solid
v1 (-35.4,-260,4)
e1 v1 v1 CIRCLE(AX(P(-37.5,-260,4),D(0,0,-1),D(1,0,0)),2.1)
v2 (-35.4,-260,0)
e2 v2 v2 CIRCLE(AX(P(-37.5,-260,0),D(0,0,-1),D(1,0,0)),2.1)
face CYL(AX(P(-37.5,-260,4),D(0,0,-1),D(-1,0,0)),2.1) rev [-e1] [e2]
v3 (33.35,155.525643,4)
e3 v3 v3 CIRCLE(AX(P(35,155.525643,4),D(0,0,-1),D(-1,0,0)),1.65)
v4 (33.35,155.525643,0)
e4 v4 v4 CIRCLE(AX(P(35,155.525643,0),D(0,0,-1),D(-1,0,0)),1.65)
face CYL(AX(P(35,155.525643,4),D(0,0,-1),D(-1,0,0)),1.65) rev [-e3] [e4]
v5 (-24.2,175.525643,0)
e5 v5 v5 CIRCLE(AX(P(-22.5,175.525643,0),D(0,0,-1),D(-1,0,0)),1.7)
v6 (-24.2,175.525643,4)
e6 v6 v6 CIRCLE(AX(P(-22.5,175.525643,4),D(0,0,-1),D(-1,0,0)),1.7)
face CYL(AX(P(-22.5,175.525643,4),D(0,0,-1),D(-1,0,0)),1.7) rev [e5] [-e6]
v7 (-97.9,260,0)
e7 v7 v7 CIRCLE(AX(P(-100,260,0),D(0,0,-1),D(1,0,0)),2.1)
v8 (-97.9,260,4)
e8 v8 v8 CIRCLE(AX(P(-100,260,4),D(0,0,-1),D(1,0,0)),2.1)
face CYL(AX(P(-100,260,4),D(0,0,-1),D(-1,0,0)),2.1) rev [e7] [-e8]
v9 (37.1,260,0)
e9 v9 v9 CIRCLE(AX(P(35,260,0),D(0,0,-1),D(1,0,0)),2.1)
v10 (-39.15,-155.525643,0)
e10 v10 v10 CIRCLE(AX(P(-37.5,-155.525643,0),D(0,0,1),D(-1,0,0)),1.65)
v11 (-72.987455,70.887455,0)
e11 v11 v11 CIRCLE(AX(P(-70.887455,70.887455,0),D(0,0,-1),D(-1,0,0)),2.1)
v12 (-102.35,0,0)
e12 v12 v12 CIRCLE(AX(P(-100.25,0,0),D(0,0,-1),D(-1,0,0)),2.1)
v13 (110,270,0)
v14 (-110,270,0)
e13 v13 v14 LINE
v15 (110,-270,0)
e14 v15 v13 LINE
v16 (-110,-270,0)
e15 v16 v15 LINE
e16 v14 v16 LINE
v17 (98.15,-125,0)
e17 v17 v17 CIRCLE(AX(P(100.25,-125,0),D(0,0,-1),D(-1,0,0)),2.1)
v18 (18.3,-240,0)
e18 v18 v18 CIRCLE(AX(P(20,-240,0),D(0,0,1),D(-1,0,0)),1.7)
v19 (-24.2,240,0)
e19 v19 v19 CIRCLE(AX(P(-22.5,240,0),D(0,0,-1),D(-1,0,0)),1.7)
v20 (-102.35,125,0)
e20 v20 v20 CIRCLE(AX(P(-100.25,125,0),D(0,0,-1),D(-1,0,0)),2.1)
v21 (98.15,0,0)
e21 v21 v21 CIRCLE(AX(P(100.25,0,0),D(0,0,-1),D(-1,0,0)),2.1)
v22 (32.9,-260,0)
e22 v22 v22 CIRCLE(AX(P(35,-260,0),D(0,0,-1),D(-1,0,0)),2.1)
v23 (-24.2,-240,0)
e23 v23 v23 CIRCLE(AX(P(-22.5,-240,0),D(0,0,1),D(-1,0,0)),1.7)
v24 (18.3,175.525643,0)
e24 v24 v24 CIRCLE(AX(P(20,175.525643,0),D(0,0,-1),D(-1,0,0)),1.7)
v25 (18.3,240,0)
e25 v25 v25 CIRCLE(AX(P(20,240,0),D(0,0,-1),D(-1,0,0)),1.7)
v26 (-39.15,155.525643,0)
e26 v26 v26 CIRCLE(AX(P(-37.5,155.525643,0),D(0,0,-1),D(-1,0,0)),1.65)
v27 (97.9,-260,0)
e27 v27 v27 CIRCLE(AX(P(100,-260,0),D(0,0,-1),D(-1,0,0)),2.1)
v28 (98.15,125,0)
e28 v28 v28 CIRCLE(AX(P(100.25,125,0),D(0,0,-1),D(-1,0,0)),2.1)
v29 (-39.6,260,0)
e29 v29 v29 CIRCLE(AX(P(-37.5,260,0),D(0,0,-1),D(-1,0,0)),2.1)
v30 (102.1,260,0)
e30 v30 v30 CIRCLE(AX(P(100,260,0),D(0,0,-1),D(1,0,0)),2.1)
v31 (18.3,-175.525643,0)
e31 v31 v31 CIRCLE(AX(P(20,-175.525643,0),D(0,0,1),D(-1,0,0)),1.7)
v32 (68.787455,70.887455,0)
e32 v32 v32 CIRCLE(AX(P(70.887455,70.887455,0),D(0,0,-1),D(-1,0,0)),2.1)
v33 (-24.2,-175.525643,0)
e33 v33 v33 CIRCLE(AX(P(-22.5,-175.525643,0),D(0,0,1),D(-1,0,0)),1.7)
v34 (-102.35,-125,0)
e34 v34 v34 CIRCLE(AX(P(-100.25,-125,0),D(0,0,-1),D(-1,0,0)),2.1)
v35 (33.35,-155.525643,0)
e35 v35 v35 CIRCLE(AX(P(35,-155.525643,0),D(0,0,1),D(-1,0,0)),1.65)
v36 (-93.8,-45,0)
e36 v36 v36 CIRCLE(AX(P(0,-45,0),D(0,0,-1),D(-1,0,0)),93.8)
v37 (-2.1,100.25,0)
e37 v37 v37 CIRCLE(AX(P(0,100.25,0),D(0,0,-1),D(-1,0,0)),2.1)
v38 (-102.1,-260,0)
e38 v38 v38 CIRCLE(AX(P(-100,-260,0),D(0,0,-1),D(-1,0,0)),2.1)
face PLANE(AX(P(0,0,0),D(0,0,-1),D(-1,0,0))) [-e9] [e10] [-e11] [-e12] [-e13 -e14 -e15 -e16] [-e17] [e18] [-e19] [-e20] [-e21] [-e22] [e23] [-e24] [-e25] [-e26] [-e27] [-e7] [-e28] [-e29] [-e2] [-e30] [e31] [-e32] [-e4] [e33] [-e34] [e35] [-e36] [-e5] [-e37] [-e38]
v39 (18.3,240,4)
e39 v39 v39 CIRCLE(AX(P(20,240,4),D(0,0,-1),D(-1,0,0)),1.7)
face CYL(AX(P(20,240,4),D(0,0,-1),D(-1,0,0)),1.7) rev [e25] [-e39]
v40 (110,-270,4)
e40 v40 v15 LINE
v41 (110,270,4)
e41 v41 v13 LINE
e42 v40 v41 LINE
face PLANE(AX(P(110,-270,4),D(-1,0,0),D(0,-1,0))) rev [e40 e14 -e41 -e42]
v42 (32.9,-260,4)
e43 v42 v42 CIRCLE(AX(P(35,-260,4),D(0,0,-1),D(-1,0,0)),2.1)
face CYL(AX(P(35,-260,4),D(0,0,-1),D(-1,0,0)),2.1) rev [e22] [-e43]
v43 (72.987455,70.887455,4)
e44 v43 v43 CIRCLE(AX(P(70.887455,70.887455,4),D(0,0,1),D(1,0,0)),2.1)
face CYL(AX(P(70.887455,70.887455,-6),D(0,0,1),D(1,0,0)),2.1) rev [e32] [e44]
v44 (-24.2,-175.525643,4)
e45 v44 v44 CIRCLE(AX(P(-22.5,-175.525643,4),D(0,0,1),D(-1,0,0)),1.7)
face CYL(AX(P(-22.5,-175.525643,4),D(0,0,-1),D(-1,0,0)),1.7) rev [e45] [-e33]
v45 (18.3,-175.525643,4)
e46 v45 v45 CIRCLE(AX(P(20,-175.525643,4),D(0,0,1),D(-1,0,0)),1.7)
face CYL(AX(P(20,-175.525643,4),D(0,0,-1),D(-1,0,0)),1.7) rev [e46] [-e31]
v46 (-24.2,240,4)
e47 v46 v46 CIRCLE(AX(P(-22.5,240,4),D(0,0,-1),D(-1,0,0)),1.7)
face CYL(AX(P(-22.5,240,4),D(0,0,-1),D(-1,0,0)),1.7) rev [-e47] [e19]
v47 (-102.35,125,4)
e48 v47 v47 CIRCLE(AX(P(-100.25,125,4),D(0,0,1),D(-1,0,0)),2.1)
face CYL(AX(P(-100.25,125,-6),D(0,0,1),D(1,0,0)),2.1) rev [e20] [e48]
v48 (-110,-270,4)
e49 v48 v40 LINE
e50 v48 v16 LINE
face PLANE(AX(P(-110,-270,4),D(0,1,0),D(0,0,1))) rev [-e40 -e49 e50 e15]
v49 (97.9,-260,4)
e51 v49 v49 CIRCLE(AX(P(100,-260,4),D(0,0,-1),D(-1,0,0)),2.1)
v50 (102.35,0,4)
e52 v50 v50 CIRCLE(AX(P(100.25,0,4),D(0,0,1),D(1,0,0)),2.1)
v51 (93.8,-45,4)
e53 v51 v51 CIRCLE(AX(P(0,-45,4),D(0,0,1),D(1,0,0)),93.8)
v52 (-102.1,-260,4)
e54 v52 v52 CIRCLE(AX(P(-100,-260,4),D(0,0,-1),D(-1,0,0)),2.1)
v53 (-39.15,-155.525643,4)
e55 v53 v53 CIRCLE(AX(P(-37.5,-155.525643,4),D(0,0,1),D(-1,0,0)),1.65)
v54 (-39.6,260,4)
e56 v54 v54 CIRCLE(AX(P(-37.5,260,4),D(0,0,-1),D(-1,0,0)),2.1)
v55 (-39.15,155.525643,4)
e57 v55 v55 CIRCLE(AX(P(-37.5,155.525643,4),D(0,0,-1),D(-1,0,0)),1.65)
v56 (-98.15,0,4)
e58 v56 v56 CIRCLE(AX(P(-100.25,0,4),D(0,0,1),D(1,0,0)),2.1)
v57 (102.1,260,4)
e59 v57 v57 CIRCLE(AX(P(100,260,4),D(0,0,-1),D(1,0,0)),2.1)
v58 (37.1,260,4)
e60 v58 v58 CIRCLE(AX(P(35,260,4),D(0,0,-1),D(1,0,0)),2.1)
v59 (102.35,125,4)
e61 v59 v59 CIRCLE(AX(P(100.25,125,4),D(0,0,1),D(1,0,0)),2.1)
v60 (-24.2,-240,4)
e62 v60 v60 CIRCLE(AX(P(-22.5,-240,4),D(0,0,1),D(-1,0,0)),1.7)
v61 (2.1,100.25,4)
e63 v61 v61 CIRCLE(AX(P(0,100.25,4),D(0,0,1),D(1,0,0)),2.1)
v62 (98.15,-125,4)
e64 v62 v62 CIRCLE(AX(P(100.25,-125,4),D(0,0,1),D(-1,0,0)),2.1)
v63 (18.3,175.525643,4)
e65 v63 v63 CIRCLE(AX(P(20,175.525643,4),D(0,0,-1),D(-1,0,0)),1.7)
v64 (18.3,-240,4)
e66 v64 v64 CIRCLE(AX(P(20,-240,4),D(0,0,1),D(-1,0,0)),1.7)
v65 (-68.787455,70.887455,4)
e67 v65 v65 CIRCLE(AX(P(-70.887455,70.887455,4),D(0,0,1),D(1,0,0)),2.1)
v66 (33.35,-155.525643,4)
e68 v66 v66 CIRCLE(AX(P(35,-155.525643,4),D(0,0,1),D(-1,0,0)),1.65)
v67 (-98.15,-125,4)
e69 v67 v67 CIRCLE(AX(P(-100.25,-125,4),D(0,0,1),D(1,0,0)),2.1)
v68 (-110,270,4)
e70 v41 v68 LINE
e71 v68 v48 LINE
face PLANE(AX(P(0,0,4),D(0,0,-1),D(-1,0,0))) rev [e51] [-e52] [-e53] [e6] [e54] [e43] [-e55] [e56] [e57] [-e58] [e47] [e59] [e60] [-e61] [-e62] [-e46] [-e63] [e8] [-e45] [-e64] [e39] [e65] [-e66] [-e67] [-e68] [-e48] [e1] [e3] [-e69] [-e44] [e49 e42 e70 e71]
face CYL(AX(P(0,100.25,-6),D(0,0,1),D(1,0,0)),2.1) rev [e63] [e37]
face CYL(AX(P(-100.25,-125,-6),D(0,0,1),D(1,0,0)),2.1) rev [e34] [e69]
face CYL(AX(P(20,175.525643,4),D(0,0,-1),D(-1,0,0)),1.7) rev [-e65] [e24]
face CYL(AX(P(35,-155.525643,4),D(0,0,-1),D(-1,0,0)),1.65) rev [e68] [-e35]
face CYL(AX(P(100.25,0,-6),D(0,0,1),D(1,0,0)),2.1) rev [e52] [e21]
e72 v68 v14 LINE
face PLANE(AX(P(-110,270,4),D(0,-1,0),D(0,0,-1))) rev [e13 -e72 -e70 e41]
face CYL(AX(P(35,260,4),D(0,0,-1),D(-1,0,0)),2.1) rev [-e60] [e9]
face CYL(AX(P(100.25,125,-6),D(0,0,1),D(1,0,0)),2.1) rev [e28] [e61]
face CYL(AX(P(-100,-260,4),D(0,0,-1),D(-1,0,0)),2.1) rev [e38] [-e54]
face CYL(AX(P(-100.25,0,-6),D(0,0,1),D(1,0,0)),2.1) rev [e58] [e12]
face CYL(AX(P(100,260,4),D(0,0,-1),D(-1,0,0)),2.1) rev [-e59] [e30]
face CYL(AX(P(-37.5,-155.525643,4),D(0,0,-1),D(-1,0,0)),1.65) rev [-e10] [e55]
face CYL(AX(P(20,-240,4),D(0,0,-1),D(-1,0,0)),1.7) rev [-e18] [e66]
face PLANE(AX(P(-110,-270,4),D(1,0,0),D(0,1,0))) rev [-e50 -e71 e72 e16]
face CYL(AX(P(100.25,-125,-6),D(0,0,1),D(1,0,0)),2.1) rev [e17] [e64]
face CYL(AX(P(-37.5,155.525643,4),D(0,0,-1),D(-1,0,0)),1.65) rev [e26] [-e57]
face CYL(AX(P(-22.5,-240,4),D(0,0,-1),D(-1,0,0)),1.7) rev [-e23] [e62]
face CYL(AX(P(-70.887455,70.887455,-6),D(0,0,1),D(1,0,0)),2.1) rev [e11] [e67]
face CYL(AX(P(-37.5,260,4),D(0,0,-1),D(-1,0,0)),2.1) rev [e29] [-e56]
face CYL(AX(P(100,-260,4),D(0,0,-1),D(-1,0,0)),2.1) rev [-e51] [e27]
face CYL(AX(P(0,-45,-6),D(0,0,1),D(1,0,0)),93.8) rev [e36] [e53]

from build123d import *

# Parameters (mm, degrees)
SKETCH_1_W          = 220
SKETCH_1_H          = 540
EXTRUDE_1_DEPTH     = 4
SKETCH_2_R          = 2.1
CUT_EXTRUDE_1_DEPTH = 292.575033225
SKETCH_4_R          = 93.8
CUT_EXTRUDE_2_DEPTH = 10
SKETCH_5_R          = 2.1
CUT_EXTRUDE_3_DEPTH = 10
SKETCH_6_R          = 1.7
SKETCH_6_R_2        = 1.65
CUT_EXTRUDE_5_DEPTH = 292.575033225


with BuildPart() as part:
    # 草图1 → 凸台-拉伸1 (new body)
    with BuildSketch(Plane.XY):
        Rectangle(SKETCH_1_W, SKETCH_1_H)
    extrude(amount=EXTRUDE_1_DEPTH)

    # 草图2 → 切除-拉伸1 (cut, through all)
    with BuildSketch(Plane(origin=(0, 0, 0), x_dir=(-1, 0, 0), z_dir=(0, 0, -1))):
        with Locations((100, -260)):
            Circle(SKETCH_2_R)
        with Locations((-100, -260)):
            Circle(SKETCH_2_R)
        with Locations(Location((100, 260, 0), (0, 0, 180))):
            Circle(SKETCH_2_R)
        with Locations(Location((-100, 260, 0), (0, 0, 180))):
            Circle(SKETCH_2_R)
        with Locations((-35, -260)):
            Circle(SKETCH_2_R)
        with Locations(Location((-35, 260, 0), (0, 0, 180))):
            Circle(SKETCH_2_R)
        with Locations((37.5, 260)):
            Circle(SKETCH_2_R)
        with Locations(Location((37.5, -260, 0), (0, 0, 180))):
            Circle(SKETCH_2_R)
    extrude(amount=-CUT_EXTRUDE_1_DEPTH, mode=Mode.SUBTRACT)

    # 草图4 → 切除-拉伸2 (cut)
    with BuildSketch(Plane.XY.offset(4)):
        with Locations((0, -45)):
            Circle(SKETCH_4_R)
    extrude(amount=-CUT_EXTRUDE_2_DEPTH, mode=Mode.SUBTRACT)

    # 草图5 → 切除-拉伸3 (cut)
    with BuildSketch(Plane.XY.offset(4)):
        with Locations((-100.25, 0)):
            Circle(SKETCH_5_R)
        with Locations((-70.887454814, 70.887454814)):
            Circle(SKETCH_5_R)
        with Locations((0, 100.25)):
            Circle(SKETCH_5_R)
        with Locations((70.887454814, 70.887454814)):
            Circle(SKETCH_5_R)
        with Locations((100.25, 0)):
            Circle(SKETCH_5_R)
        with Locations((70.887454814, -70.887454814)):
            Circle(SKETCH_5_R)
        with Locations((0, -100.25)):
            Circle(SKETCH_5_R)
        with Locations((-70.887454814, -70.887454814)):
            Circle(SKETCH_5_R)
        with Locations((-100.25, -125)):
            Circle(SKETCH_5_R)
        with Locations(Location((100.25, -125, 0), (0, 0, 180))):
            Circle(SKETCH_5_R)
        with Locations(Location((-100.25, 125, 0), (0, 0, 180))):
            Circle(SKETCH_5_R)
        with Locations((100.25, 125)):
            Circle(SKETCH_5_R)
    extrude(amount=-CUT_EXTRUDE_3_DEPTH, mode=Mode.SUBTRACT)

    # 草图6 → 切除-拉伸5 (cut, through all)
    with BuildSketch(Plane(origin=(0, 0, 0), x_dir=(-1, 0, 0), z_dir=(0, 0, -1))):
        with Locations((22.5, 240)):
            Circle(SKETCH_6_R)
        with Locations((-20, 240)):
            Circle(SKETCH_6_R)
        with Locations((22.5, 175.525642791)):
            Circle(SKETCH_6_R)
        with Locations((-20, 175.525642791)):
            Circle(SKETCH_6_R)
        with Locations((-35, 155.525642791)):
            Circle(SKETCH_6_R_2)
        with Locations((37.5, 155.525642791)):
            Circle(SKETCH_6_R_2)
    cut_extrude_5 = extrude(amount=-CUT_EXTRUDE_5_DEPTH, mode=Mode.SUBTRACT)

    # 镜向1: 切除-拉伸5 across plane
    add(cut_extrude_5.mirror(Plane.ZX), mode=Mode.SUBTRACT)


solid = part.part
